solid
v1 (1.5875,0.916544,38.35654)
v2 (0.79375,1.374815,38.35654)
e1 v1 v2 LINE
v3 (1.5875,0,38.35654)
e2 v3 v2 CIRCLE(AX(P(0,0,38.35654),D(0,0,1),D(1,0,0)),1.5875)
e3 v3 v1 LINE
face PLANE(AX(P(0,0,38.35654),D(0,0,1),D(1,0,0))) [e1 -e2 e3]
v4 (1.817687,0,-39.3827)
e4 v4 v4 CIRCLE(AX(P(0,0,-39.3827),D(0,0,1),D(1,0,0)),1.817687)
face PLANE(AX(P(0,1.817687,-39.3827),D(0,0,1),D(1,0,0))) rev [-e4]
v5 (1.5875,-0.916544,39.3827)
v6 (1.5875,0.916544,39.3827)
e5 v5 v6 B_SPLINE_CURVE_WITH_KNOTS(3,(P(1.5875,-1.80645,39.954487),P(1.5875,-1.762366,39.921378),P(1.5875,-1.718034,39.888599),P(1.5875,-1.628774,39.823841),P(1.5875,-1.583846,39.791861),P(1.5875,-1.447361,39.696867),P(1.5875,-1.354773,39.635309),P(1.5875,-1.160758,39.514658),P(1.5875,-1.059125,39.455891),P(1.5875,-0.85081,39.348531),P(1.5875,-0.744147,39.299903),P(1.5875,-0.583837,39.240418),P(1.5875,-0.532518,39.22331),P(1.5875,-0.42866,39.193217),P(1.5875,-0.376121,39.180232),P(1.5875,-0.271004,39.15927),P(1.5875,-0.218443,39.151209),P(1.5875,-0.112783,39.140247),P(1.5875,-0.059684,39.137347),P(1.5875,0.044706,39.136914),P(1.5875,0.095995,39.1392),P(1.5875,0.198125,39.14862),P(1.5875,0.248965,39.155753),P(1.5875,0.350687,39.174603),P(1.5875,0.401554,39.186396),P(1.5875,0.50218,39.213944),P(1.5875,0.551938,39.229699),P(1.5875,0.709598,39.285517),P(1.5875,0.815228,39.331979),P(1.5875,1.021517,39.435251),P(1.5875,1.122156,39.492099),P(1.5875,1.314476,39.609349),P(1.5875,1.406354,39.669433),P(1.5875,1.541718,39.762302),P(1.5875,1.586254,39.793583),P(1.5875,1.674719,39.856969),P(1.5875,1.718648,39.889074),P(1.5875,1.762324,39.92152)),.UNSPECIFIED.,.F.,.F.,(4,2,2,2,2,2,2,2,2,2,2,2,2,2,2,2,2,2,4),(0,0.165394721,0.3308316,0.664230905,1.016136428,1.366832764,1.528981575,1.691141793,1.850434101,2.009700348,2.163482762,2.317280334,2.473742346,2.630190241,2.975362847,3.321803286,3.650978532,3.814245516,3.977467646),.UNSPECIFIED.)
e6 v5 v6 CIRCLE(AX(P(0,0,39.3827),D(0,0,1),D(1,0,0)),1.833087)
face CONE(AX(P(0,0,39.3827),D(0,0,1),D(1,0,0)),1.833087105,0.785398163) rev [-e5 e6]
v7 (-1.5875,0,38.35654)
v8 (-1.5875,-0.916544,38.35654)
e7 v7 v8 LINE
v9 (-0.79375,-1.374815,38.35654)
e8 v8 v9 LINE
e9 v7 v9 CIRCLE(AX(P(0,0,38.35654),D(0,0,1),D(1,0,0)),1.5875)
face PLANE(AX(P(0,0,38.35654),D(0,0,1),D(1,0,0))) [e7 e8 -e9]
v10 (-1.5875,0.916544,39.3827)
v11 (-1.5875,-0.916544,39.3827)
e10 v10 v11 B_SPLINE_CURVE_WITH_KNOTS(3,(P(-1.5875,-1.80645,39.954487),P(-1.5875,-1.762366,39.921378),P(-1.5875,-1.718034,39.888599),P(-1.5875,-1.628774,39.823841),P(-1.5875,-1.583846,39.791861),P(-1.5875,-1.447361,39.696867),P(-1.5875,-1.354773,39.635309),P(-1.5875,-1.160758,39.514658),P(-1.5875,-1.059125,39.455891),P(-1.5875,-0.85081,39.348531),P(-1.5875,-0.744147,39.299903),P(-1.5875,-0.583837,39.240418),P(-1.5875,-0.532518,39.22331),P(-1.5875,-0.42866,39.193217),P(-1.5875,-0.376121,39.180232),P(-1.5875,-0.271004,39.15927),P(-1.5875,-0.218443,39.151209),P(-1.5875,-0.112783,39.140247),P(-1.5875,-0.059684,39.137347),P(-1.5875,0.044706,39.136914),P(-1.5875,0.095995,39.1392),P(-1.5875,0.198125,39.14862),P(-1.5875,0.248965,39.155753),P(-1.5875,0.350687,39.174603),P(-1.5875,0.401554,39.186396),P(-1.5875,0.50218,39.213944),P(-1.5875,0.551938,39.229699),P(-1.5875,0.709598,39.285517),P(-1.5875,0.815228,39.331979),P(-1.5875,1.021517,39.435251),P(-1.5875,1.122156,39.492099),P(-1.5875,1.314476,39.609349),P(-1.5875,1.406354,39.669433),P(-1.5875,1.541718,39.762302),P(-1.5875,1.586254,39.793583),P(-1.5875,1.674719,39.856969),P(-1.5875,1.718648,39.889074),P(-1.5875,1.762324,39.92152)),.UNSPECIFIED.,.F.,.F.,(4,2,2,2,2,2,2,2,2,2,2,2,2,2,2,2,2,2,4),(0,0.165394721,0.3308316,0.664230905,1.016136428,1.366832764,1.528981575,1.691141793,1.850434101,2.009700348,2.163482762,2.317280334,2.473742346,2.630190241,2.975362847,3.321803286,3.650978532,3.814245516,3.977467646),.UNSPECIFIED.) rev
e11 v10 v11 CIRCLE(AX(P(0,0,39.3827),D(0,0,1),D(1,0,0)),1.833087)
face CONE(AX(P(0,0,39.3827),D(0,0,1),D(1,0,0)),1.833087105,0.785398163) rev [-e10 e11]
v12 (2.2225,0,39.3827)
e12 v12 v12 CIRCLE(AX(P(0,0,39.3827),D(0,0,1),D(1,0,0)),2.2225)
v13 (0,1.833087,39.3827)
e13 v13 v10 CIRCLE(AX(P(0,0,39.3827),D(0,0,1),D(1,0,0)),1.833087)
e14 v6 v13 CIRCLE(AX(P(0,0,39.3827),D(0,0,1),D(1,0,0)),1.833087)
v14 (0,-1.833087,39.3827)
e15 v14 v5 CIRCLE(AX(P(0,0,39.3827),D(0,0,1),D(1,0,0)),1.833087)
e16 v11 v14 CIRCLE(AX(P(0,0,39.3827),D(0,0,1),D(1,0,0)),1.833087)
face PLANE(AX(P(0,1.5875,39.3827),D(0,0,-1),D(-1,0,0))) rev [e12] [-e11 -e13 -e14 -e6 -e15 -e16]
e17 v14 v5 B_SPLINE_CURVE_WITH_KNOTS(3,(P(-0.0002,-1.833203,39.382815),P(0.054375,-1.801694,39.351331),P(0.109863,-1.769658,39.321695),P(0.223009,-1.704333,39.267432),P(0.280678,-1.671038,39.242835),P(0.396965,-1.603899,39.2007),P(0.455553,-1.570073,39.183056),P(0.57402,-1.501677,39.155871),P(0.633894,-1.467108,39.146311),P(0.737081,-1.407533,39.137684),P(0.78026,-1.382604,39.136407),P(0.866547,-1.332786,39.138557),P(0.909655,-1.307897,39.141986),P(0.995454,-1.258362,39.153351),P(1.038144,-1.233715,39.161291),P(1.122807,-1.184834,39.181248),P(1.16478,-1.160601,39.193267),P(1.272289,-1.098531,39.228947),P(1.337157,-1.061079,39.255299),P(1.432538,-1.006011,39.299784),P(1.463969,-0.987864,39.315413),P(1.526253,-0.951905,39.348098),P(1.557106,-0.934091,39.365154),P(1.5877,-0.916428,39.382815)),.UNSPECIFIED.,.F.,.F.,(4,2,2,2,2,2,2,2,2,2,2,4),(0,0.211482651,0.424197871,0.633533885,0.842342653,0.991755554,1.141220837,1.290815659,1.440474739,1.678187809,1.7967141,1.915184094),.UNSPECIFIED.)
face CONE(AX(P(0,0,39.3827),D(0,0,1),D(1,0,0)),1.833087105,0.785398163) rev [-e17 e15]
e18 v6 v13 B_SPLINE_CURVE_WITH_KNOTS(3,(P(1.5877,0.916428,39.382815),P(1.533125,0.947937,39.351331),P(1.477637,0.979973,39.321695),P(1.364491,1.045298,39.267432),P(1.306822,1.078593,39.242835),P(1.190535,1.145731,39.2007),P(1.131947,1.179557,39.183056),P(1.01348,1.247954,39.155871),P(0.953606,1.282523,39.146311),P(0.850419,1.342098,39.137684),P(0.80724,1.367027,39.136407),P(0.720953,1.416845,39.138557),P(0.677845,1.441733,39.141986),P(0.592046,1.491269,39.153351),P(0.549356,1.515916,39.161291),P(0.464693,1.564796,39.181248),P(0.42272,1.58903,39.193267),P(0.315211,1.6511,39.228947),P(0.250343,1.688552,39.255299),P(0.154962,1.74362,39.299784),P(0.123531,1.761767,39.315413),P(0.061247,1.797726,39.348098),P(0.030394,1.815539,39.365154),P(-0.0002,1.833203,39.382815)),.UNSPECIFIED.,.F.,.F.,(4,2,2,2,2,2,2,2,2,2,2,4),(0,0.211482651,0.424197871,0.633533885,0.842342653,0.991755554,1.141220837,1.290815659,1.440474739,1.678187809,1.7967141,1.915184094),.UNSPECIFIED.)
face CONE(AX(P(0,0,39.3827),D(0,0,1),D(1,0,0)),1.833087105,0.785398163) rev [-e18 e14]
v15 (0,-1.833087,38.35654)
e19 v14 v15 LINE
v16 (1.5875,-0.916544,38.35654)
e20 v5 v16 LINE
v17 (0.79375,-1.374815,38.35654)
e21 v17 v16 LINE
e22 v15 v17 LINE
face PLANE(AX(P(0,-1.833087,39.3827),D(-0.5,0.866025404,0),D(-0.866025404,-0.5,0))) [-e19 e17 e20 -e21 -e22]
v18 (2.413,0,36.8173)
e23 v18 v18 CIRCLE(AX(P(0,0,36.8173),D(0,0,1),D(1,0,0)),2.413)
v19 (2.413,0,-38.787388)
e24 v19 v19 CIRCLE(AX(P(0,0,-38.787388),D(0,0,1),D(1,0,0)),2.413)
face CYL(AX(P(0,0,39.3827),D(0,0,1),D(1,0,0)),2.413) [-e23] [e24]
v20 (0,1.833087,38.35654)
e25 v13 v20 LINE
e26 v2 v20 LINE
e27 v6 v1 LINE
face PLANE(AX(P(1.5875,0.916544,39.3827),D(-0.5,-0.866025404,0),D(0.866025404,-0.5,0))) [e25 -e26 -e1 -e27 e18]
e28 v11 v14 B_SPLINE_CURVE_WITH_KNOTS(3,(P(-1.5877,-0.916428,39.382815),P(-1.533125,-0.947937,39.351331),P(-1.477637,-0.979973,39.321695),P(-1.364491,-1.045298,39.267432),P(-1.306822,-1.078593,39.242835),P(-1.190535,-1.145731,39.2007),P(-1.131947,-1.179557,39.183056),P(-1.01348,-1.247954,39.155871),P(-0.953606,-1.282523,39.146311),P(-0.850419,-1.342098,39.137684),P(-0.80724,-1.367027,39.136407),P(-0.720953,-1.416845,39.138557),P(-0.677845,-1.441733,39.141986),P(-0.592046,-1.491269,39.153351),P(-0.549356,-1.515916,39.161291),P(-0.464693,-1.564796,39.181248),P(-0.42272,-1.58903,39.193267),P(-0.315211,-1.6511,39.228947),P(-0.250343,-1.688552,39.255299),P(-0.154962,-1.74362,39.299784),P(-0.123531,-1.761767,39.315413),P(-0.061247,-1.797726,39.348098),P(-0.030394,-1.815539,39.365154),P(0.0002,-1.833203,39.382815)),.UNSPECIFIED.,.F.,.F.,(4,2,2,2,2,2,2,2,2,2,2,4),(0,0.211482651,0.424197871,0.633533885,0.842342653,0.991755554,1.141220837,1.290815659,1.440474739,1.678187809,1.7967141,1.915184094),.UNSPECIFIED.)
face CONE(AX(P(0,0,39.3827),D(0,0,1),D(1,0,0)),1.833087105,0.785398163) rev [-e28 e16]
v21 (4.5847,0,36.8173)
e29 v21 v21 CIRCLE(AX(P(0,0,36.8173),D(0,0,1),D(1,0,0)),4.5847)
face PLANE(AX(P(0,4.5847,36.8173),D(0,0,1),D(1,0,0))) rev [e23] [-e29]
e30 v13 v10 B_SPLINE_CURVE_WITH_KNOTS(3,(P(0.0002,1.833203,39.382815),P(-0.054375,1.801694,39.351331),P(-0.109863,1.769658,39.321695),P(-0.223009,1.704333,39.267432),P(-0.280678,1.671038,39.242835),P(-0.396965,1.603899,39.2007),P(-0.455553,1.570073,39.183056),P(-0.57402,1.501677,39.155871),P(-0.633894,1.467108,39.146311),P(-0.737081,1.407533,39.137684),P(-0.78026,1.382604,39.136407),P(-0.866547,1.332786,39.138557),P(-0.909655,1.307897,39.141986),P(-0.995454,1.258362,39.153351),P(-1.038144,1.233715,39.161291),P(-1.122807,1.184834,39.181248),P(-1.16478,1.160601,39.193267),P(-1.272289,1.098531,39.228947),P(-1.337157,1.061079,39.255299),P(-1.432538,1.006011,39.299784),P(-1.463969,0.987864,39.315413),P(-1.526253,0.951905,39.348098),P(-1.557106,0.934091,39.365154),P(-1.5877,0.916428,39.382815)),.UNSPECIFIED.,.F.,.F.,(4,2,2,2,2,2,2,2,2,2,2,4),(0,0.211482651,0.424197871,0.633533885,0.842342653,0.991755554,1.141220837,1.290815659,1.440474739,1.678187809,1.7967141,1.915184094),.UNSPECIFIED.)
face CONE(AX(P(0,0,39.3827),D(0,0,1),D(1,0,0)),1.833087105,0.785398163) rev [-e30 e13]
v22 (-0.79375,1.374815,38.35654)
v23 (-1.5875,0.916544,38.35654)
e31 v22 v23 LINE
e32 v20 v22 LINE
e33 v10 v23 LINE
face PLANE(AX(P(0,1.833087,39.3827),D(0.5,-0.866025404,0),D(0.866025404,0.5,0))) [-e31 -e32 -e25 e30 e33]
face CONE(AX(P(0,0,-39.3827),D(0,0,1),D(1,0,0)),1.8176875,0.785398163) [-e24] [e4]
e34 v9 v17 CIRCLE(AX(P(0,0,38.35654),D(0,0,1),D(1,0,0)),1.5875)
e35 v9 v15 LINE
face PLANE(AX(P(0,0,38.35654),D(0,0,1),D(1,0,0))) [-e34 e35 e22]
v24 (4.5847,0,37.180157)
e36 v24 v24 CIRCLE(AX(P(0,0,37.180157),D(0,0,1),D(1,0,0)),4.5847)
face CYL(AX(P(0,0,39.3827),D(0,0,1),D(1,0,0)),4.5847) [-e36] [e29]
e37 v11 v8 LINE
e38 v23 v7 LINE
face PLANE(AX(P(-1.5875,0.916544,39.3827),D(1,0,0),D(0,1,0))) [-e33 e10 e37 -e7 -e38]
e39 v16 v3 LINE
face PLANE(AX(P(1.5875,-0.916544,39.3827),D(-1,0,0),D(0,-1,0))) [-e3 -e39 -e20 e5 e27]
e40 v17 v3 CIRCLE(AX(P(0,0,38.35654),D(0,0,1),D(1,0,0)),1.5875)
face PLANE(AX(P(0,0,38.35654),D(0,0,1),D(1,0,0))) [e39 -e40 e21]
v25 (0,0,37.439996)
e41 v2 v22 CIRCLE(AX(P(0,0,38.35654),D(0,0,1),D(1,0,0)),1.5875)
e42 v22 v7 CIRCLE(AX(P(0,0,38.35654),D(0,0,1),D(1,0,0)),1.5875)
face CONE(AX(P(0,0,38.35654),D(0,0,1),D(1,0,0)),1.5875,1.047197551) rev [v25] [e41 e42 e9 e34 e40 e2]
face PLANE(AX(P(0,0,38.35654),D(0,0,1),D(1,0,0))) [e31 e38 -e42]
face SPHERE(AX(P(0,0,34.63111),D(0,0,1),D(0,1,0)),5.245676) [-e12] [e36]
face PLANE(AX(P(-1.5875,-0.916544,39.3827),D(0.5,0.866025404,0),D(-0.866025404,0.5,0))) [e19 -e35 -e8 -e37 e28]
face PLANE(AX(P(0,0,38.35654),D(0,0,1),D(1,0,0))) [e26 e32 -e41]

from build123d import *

# Parameters (mm, degrees)
CUT_EXTRUDE1_START = 38.35654
CUT_EXTRUDE1_DEPTH = 2.02616
SKETCH4_R          = 1.833087105
CUT_EXTRUDE2_DEPTH = 1.02616
CUT_EXTRUDE2_DRAFT = -45


with BuildPart() as part:
    # Sketch2 → Revolve1 (revolve)
    with BuildSketch(Plane(origin=(0, 0, 0), x_dir=(0, 0, -1), z_dir=(1, 0, 0))):
        with BuildLine():
            Line((-39.3827, 1.5875), (-39.3827, 2.2225))
            ThreePointArc((-39.3827, 2.2225), (-38.467752118, 3.57733025), (-37.180157143, 4.5847))
            Line((-37.180157143, 4.5847), (-36.8173, 4.5847))
            Line((-36.8173, 4.5847), (-36.8173, 2.413))
            Line((-36.8173, 2.413), (38.7873875, 2.413))
            Line((38.7873875, 2.413), (39.3827, 1.8176875))
            Line((39.3827, 1.8176875), (39.3827, 0))
            Line((39.3827, 0), (-37.439996448, 0))
            Line((-37.439996448, 0), (-38.35654, 1.5875))
            Line((-38.35654, 1.5875), (-39.3827, 1.5875))
        make_face()
    revolve(axis=Axis((0, 0, 39.3827), (0, 0, -1)))

    # Sketch3 → Cut-Extrude1 (cut, through all)
    with BuildSketch(Plane.XY.offset(CUT_EXTRUDE1_START)):
        Polygon((0, 1.833087105), (-1.5875, 0.916543552), (-1.5875, -0.916543552), (0, -1.833087105), (1.5875, -0.916543552), (1.5875, 0.916543552), align=None)
    extrude(amount=CUT_EXTRUDE1_DEPTH, mode=Mode.SUBTRACT)


with BuildPart() as cut_extrude2_tool:
    # Sketch4 → Cut-Extrude2 (with draft: the straight prism first)
    with BuildSketch(Plane.XY.offset(39.3827)):
        Circle(SKETCH4_R)
    extrude(amount=-CUT_EXTRUDE2_DEPTH)
    # Cut-Extrude2: the draft: its side faces are tilted about the plane it starts from
    cut_extrude2_sides = [cut_extrude2_tool.faces().sort_by_distance(p)[0] for p in [
        (-1.833087105, 0, 38.86962),
    ]]
    draft(cut_extrude2_sides, Plane.XY.offset(39.3827), CUT_EXTRUDE2_DRAFT)


with BuildPart() as part_1:
    add(part.part)

    # Cut-Extrude2: cut by cut_extrude2_tool
    add(cut_extrude2_tool.part, mode=Mode.SUBTRACT)


solid = part_1.part
